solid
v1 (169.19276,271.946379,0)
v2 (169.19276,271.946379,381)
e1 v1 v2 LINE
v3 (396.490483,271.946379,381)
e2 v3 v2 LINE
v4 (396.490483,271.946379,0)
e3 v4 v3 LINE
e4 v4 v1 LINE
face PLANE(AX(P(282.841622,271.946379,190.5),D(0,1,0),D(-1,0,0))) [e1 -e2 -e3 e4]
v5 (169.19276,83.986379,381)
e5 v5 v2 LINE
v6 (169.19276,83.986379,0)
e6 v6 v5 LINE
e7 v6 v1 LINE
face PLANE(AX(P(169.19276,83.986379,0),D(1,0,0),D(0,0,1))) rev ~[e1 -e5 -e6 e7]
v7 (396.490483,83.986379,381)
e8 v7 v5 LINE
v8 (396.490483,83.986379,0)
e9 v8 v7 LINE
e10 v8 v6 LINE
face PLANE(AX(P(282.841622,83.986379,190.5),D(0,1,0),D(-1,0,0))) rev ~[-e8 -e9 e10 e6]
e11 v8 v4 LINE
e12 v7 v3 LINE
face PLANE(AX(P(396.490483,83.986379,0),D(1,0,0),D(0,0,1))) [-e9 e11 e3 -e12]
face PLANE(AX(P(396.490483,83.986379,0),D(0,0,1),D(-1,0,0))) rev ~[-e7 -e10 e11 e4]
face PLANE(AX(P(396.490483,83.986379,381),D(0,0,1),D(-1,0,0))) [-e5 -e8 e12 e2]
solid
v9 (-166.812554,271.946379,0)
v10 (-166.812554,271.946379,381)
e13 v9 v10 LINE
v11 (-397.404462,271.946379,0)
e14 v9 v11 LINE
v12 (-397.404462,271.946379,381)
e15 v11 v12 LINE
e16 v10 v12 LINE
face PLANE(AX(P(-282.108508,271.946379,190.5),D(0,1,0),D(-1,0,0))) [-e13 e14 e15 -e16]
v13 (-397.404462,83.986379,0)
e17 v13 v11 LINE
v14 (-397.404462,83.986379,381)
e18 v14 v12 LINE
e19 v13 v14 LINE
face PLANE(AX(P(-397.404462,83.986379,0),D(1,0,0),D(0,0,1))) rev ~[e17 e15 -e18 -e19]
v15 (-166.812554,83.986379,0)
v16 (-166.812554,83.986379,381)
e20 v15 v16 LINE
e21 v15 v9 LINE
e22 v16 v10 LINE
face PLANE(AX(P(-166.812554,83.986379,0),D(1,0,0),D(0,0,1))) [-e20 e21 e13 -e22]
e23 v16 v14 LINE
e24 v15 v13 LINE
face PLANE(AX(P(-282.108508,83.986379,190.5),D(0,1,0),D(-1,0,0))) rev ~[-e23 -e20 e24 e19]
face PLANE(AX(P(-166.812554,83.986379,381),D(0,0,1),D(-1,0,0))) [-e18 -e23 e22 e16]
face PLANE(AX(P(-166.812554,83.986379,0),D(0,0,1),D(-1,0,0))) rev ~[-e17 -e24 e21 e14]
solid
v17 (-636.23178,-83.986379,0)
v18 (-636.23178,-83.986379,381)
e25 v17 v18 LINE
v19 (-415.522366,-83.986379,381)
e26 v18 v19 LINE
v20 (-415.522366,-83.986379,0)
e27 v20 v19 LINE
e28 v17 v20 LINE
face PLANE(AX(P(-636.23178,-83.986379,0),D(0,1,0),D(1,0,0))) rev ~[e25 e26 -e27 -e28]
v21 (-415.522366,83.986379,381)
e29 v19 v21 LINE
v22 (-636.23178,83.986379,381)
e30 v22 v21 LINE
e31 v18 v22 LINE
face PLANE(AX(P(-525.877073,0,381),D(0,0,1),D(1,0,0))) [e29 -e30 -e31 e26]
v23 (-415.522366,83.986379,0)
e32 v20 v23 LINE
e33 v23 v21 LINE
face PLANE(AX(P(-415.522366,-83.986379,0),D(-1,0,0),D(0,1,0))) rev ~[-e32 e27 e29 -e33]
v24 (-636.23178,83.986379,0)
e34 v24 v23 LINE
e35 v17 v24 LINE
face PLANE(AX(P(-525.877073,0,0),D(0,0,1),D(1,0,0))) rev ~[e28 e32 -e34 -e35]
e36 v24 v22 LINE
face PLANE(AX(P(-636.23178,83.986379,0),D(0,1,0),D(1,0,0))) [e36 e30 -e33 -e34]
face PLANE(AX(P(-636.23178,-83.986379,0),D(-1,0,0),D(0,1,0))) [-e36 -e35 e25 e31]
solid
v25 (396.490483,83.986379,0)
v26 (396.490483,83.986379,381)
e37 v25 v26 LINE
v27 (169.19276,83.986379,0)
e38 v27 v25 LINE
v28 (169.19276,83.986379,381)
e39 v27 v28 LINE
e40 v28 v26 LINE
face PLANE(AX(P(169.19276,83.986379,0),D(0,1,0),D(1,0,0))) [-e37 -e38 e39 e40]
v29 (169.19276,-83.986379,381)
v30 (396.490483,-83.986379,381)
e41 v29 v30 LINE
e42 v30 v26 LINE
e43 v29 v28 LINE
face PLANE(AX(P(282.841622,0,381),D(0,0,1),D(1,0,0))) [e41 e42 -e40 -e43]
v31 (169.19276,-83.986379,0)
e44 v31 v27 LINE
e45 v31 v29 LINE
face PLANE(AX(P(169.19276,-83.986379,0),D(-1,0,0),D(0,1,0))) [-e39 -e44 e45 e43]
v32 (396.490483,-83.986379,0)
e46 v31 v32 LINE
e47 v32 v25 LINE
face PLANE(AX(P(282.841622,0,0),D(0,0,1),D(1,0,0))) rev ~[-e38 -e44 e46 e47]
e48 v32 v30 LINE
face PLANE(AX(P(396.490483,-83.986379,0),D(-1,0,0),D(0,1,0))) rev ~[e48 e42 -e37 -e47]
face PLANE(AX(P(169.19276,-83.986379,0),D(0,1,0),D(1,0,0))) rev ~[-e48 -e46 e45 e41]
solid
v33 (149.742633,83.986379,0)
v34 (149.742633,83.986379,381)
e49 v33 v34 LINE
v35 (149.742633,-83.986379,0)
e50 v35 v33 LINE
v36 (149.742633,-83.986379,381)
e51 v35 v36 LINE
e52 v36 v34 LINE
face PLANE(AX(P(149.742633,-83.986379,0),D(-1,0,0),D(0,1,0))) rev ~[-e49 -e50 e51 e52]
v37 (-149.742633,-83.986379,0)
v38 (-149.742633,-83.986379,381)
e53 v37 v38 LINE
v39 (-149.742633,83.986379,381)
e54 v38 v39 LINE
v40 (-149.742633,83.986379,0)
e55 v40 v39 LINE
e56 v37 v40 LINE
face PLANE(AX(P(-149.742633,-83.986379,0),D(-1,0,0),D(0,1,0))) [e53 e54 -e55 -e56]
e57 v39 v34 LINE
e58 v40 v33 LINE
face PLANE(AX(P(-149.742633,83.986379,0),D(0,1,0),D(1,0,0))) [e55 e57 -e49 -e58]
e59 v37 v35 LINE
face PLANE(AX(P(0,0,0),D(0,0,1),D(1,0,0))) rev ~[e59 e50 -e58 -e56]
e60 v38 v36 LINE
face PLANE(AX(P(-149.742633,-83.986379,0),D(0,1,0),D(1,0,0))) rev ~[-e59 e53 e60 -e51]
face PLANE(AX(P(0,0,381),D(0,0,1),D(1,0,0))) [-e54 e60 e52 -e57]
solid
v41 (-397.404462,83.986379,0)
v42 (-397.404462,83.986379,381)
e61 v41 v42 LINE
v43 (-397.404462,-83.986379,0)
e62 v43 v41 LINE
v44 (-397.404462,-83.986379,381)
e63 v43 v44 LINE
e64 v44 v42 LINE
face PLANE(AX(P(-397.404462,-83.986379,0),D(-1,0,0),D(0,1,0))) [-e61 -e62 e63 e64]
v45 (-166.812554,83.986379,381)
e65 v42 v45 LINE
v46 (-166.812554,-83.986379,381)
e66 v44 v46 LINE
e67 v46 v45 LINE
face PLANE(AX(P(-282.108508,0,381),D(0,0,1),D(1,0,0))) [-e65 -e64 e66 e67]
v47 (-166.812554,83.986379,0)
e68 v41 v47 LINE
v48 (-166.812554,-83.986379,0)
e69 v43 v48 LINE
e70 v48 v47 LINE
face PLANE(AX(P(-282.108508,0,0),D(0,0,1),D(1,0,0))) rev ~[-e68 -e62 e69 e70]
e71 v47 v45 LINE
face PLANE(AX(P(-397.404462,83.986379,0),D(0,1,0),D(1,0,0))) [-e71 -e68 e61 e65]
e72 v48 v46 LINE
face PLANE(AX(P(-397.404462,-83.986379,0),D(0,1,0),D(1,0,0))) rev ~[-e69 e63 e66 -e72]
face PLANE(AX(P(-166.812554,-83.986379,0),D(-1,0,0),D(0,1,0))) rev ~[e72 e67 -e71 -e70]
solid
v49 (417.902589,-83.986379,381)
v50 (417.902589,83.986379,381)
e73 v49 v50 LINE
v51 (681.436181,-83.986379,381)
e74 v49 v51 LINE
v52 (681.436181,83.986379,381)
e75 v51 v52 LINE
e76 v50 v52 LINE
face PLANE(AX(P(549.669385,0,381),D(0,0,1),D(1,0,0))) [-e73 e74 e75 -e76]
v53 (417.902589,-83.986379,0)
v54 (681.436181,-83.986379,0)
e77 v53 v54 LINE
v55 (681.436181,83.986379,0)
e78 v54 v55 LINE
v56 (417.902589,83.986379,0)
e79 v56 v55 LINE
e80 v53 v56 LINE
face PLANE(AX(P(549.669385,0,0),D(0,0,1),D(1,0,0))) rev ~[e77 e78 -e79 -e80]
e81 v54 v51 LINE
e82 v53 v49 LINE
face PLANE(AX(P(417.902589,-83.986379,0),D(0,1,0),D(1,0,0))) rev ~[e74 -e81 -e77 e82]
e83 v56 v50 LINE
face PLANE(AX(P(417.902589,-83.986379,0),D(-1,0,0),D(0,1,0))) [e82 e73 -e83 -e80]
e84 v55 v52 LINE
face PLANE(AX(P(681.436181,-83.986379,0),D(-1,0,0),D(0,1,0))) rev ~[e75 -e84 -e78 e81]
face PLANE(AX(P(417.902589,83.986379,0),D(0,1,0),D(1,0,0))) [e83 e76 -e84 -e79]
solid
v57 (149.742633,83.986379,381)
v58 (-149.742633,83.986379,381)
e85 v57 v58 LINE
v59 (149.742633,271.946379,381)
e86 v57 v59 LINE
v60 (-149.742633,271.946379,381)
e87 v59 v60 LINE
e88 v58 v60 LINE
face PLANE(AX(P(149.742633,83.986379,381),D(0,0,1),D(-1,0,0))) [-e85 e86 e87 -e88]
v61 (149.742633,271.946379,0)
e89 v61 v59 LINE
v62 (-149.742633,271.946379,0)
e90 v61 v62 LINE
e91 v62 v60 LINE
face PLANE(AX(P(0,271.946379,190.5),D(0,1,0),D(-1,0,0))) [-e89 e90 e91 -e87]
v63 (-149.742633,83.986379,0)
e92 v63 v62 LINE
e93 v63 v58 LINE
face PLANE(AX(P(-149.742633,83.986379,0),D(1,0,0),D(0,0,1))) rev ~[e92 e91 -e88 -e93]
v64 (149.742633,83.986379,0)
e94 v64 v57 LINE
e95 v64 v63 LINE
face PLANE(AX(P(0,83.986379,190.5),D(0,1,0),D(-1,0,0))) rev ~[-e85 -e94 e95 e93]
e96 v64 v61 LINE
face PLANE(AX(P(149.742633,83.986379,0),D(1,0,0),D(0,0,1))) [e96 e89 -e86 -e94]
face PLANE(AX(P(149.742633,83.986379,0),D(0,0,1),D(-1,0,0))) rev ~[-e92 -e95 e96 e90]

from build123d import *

# Parameters (mm, degrees)
F0_W        = 220.709413
F0_H        = 167.972758
F0_W_2      = 230.591908
F0_W_3      = 299.485266
F0_W_4      = 227.297723
F0_W_5      = 263.533592
F1_DEPTH    = 381
F1_FACE_W   = 299.485266
F1_FACE_H   = 381
F1_FACE_W_2 = 230.591908
F1_FACE_W_3 = 227.297723
F2_DEPTH    = 187.96


with BuildPart() as f1:
    # F0 (on Top) → F1 (new body)
    with BuildSketch(Plane.XY):
        with Locations((-525.877073, 0)):
            Rectangle(F0_W, F0_H)
        with Locations((-282.108508, 0)):
            Rectangle(F0_W_2, F0_H)
        Rectangle(F0_W_3, F0_H)
        with Locations((282.841622, 0)):
            Rectangle(F0_W_4, F0_H)
        with Locations((549.669385, 0)):
            Rectangle(F0_W_5, F0_H)
    extrude(amount=F1_DEPTH)


with BuildPart() as f2:
    # F1_face (on face) → F2 (new body)
    with BuildSketch(Plane(origin=(0, 83.986379, 190.5), x_dir=(-1, 0, 0), z_dir=(0, 1, 0))):
        Rectangle(F1_FACE_W, F1_FACE_H)
        with Locations((282.108508, 0)):
            Rectangle(F1_FACE_W_2, F1_FACE_H)
        with Locations((-282.841622, 0)):
            Rectangle(F1_FACE_W_3, F1_FACE_H)
    extrude(amount=F2_DEPTH)


solid = Compound([f1.part, f2.part])
